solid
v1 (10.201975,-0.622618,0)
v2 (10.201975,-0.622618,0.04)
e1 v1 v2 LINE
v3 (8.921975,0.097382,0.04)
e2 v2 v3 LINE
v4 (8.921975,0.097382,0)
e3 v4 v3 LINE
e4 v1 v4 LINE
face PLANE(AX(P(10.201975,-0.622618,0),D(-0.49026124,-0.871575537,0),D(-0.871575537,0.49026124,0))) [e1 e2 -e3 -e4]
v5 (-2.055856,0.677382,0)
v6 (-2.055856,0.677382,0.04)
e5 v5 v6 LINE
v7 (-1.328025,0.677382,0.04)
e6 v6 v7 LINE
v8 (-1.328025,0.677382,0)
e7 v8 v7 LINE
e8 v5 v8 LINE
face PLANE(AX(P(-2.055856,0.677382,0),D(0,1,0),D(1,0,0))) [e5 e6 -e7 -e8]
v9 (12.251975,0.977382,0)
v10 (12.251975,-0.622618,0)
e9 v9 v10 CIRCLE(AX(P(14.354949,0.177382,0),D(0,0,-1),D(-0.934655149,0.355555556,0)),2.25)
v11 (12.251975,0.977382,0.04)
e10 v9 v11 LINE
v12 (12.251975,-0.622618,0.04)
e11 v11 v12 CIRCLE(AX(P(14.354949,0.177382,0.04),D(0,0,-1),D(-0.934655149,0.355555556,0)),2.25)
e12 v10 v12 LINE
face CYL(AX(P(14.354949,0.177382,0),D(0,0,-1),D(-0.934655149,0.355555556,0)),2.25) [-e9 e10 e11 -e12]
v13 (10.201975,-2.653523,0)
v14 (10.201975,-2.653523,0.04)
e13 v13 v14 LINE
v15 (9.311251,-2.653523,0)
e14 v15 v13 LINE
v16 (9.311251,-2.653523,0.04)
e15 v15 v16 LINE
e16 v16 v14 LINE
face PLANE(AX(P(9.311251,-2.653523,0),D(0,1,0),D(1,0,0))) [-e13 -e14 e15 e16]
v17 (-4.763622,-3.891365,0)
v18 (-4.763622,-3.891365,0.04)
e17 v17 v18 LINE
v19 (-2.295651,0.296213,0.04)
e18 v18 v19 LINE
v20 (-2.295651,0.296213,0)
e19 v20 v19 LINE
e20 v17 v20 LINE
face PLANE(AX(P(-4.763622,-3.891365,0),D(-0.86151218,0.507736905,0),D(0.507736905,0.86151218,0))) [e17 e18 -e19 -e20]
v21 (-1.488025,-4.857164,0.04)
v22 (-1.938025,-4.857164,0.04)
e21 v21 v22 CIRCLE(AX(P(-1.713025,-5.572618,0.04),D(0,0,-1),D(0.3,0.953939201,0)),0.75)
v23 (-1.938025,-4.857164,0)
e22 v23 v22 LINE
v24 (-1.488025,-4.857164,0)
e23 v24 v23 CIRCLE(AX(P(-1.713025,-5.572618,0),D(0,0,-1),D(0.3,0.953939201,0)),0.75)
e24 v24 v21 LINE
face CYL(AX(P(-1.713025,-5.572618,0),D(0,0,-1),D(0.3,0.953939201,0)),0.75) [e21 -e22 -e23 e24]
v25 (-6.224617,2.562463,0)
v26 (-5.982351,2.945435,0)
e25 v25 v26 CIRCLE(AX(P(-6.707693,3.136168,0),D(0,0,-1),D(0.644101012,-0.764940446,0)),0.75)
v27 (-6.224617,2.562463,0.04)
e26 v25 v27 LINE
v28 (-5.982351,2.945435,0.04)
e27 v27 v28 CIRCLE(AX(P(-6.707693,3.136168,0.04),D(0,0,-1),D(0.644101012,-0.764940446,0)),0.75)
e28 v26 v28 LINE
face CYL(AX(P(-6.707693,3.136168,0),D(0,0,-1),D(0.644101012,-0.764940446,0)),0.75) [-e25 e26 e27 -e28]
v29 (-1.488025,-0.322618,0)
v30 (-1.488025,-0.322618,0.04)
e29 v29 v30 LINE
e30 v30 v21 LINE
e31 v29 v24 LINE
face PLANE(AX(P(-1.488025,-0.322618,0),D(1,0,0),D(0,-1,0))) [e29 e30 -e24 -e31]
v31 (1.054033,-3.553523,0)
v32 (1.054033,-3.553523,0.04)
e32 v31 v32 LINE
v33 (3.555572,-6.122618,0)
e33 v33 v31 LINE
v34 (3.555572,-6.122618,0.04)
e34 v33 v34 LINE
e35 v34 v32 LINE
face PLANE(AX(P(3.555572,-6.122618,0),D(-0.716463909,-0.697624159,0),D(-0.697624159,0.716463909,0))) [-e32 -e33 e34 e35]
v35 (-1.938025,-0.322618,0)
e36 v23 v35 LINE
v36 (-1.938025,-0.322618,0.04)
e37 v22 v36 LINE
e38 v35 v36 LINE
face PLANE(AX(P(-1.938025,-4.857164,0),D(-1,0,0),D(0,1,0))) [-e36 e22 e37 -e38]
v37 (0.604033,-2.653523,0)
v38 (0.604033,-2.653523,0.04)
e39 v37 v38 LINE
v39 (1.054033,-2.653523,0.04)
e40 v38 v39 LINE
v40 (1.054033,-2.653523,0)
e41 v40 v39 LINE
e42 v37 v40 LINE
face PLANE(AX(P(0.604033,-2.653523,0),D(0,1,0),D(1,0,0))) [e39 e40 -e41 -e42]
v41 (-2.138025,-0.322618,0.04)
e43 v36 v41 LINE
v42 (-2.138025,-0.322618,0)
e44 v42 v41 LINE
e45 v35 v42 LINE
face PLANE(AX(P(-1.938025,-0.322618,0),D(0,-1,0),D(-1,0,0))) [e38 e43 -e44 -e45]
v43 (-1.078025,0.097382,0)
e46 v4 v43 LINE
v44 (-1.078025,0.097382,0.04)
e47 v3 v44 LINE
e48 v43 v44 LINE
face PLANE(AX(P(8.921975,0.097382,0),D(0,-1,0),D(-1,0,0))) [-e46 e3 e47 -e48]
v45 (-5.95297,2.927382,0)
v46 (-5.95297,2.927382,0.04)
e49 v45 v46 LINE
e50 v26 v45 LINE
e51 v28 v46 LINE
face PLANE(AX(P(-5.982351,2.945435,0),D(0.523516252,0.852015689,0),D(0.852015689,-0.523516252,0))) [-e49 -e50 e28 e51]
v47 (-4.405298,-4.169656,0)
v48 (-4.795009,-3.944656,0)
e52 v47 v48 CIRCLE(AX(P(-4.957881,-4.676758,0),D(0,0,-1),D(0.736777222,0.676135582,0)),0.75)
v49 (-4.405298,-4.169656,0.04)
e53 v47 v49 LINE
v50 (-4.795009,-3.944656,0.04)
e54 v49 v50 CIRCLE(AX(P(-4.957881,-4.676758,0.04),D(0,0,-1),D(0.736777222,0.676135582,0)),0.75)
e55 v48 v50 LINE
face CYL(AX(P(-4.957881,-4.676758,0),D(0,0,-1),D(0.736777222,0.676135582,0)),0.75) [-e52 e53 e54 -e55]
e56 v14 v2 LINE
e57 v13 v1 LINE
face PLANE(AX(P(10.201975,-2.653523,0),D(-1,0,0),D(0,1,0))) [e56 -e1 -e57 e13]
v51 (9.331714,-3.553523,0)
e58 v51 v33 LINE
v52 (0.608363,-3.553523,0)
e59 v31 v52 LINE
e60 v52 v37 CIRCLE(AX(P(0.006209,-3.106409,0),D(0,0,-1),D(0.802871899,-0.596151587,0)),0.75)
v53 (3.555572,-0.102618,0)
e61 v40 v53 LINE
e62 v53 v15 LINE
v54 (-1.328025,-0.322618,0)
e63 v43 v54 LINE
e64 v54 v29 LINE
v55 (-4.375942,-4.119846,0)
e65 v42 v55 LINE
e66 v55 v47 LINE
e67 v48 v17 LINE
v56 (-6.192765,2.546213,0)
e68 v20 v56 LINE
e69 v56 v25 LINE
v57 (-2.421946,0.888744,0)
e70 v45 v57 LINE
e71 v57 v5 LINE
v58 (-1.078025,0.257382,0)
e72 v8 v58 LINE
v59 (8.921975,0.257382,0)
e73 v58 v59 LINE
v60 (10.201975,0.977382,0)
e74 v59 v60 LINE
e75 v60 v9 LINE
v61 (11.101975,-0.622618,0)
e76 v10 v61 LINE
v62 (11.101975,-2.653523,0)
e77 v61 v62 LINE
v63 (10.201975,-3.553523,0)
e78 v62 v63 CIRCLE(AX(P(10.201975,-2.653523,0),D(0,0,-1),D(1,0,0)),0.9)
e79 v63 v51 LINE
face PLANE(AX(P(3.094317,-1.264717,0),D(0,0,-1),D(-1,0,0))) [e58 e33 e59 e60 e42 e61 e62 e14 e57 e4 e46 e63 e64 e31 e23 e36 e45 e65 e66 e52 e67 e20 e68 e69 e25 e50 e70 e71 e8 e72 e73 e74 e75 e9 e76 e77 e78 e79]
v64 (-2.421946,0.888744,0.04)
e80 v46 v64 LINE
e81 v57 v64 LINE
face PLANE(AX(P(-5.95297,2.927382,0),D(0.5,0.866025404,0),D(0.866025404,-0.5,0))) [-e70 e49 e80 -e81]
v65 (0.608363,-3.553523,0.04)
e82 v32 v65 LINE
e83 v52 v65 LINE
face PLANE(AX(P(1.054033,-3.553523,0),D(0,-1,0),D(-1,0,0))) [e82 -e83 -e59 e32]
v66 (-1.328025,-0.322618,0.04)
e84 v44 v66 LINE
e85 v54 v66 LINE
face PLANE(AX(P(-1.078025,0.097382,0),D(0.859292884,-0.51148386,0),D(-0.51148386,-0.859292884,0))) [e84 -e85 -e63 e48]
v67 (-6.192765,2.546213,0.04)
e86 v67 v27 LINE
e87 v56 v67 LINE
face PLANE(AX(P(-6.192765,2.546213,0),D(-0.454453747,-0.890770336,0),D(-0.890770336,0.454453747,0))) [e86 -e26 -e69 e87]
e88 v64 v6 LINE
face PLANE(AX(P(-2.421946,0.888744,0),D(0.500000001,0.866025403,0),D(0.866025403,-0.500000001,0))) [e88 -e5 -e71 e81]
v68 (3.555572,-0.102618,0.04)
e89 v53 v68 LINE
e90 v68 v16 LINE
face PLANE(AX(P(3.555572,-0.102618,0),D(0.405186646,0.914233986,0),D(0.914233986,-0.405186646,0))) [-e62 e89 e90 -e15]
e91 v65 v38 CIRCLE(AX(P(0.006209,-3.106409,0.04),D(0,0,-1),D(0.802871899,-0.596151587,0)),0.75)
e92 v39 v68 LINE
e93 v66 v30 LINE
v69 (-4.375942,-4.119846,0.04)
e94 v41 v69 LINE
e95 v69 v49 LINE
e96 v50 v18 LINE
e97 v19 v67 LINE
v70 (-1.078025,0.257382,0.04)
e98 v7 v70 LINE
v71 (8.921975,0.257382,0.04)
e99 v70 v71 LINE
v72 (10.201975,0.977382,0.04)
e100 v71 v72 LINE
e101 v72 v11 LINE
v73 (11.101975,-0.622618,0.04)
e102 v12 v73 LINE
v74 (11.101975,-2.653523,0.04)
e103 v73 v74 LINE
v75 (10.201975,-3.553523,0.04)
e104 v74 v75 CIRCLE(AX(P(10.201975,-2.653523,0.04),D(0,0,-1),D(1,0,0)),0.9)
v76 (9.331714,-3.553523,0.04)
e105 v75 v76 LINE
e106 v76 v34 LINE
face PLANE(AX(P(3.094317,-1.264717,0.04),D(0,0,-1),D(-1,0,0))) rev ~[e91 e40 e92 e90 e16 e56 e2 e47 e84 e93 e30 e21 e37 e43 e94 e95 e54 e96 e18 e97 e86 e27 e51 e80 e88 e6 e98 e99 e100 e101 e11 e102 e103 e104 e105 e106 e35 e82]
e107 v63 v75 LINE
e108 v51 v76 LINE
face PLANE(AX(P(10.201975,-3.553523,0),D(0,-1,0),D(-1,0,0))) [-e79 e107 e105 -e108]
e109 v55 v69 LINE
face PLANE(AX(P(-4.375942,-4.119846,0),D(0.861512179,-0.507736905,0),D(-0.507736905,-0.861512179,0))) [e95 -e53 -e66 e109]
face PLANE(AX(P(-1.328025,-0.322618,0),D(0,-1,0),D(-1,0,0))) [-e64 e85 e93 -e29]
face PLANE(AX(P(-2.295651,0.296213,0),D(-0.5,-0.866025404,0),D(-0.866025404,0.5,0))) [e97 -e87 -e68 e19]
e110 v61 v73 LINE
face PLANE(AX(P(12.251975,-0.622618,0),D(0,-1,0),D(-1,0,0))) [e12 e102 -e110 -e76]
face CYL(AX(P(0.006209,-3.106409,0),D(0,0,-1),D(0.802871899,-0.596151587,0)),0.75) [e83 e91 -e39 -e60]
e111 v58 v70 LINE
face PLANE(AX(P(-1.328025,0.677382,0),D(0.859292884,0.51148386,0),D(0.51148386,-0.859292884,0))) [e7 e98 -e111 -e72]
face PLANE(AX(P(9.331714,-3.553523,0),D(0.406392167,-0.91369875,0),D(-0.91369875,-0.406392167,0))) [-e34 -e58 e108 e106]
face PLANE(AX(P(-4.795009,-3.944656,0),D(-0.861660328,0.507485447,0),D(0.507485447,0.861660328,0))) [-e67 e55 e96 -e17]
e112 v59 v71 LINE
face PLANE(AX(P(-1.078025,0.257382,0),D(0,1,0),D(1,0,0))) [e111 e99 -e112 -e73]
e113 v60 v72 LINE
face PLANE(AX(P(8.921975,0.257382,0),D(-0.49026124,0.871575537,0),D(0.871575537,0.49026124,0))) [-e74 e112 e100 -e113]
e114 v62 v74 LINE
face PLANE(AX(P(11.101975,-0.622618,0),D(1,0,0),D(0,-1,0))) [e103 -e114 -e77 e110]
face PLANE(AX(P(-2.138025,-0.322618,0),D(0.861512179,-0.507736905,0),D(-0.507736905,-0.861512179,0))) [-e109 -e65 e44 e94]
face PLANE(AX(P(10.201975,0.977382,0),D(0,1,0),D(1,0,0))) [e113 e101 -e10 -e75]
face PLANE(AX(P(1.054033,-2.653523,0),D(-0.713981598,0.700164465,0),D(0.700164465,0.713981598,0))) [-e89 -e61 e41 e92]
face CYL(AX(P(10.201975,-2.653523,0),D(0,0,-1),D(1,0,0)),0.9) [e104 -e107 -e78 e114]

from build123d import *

# Parameters (mm, degrees)
BOSS_EXTRUDE1_DEPTH = 0.04


with BuildPart() as part:
    # Sketch1 → Boss-Extrude1 (new body)
    with BuildSketch(Plane.XY):
        with BuildLine():
            Line((-1.32802474, 0.67738204), (-1.07802474, 0.25738204))
            Line((-1.07802474, 0.25738204), (8.92197526, 0.25738204))
            Line((8.92197526, 0.25738204), (10.20197526, 0.97738204))
            Line((10.20197526, 0.97738204), (10.514497177, 0.97738204))
            Line((10.514497177, 0.97738204), (10.93536953, 0.97738204))
            Line((10.93536953, 0.97738204), (12.25197526, 0.97738204))
            ThreePointArc((12.25197526, 0.97738204), (16.604949345, 0.17738204), (12.25197526, -0.62261796))
            Line((12.25197526, -0.62261796), (11.10197526, -0.62261796))
            Line((11.10197526, -0.62261796), (11.10197526, -1.42261796))
            Line((11.10197526, -1.42261796), (11.10197526, -1.527549767))
            Line((11.10197526, -1.527549767), (11.10197526, -2.327549767))
            Line((11.10197526, -2.327549767), (11.10197526, -2.653523035))
            ThreePointArc((11.10197526, -2.653523035), (10.838371363, -3.289919138), (10.20197526, -3.553523035))
            Line((10.20197526, -3.553523035), (9.33171427, -3.553523035))
            Line((9.33171427, -3.553523035), (3.555572379, -6.12261796))
            Line((3.555572379, -6.12261796), (1.054032996, -3.553523035))
            Line((1.054032996, -3.553523035), (0.608362539, -3.553523035))
            ThreePointArc((0.608362539, -3.553523035), (-0.743782707, -3.110017255), (0.604032996, -2.653523035))
            Line((0.604032996, -2.653523035), (1.054032996, -2.653523035))
            Line((1.054032996, -2.653523035), (3.555572379, -0.10261796))
            Line((3.555572379, -0.10261796), (9.311250991, -2.653523035))
            Line((9.311250991, -2.653523035), (10.20197526, -2.653523035))
            Line((10.20197526, -2.653523035), (10.20197526, -2.327549767))
            Line((10.20197526, -2.327549767), (10.20197526, -1.52261796))
            Line((10.20197526, -1.52261796), (10.20197526, -1.42261796))
            Line((10.20197526, -1.42261796), (10.20197526, -0.62261796))
            Line((10.20197526, -0.62261796), (8.92197526, 0.09738204))
            Line((8.92197526, 0.09738204), (-1.07802474, 0.09738204))
            Line((-1.07802474, 0.09738204), (-1.32802474, -0.32261796))
            Line((-1.32802474, -0.32261796), (-1.48802474, -0.32261796))
            Line((-1.48802474, -0.32261796), (-1.48802474, -4.82261796))
            Line((-1.48802474, -4.82261796), (-1.48802474, -4.857163559))
            ThreePointArc((-1.48802474, -4.857163559), (-1.71302474, -6.32261796), (-1.93802474, -4.857163559))
            Line((-1.93802474, -4.857163559), (-1.93802474, -4.82261796))
            Line((-1.93802474, -4.82261796), (-1.93802474, -0.32261796))
            Line((-1.93802474, -0.32261796), (-2.13802474, -0.32261796))
            Line((-2.13802474, -0.32261796), (-4.375941954, -4.119846244))
            Line((-4.375941954, -4.119846244), (-4.405297747, -4.16965624))
            ThreePointArc((-4.405297747, -4.16965624), (-5.332880663, -5.32627698), (-4.795009179, -3.94465624))
            Line((-4.795009179, -3.94465624), (-4.763622434, -3.891364637))
            Line((-4.763622434, -3.891364637), (-2.295650959, 0.296212559))
            Line((-2.295650959, 0.296212559), (-6.192765276, 2.546212559))
            Line((-6.192765276, 2.546212559), (-6.224617122, 2.562462753))
            ThreePointArc((-6.224617122, 2.562462753), (-7.341518741, 3.537122923), (-5.982350992, 2.945434913))
            Line((-5.982350992, 2.945434913), (-5.952970183, 2.92738204))
            Line((-5.952970183, 2.92738204), (-2.421945704, 0.888744107))
            Line((-2.421945704, 0.888744107), (-2.055855866, 0.67738204))
            Line((-2.055855866, 0.67738204), (-1.625502745, 0.67738204))
            Line((-1.625502745, 0.67738204), (-1.32802474, 0.67738204))
        make_face()
    extrude(amount=BOSS_EXTRUDE1_DEPTH)


solid = part.part
